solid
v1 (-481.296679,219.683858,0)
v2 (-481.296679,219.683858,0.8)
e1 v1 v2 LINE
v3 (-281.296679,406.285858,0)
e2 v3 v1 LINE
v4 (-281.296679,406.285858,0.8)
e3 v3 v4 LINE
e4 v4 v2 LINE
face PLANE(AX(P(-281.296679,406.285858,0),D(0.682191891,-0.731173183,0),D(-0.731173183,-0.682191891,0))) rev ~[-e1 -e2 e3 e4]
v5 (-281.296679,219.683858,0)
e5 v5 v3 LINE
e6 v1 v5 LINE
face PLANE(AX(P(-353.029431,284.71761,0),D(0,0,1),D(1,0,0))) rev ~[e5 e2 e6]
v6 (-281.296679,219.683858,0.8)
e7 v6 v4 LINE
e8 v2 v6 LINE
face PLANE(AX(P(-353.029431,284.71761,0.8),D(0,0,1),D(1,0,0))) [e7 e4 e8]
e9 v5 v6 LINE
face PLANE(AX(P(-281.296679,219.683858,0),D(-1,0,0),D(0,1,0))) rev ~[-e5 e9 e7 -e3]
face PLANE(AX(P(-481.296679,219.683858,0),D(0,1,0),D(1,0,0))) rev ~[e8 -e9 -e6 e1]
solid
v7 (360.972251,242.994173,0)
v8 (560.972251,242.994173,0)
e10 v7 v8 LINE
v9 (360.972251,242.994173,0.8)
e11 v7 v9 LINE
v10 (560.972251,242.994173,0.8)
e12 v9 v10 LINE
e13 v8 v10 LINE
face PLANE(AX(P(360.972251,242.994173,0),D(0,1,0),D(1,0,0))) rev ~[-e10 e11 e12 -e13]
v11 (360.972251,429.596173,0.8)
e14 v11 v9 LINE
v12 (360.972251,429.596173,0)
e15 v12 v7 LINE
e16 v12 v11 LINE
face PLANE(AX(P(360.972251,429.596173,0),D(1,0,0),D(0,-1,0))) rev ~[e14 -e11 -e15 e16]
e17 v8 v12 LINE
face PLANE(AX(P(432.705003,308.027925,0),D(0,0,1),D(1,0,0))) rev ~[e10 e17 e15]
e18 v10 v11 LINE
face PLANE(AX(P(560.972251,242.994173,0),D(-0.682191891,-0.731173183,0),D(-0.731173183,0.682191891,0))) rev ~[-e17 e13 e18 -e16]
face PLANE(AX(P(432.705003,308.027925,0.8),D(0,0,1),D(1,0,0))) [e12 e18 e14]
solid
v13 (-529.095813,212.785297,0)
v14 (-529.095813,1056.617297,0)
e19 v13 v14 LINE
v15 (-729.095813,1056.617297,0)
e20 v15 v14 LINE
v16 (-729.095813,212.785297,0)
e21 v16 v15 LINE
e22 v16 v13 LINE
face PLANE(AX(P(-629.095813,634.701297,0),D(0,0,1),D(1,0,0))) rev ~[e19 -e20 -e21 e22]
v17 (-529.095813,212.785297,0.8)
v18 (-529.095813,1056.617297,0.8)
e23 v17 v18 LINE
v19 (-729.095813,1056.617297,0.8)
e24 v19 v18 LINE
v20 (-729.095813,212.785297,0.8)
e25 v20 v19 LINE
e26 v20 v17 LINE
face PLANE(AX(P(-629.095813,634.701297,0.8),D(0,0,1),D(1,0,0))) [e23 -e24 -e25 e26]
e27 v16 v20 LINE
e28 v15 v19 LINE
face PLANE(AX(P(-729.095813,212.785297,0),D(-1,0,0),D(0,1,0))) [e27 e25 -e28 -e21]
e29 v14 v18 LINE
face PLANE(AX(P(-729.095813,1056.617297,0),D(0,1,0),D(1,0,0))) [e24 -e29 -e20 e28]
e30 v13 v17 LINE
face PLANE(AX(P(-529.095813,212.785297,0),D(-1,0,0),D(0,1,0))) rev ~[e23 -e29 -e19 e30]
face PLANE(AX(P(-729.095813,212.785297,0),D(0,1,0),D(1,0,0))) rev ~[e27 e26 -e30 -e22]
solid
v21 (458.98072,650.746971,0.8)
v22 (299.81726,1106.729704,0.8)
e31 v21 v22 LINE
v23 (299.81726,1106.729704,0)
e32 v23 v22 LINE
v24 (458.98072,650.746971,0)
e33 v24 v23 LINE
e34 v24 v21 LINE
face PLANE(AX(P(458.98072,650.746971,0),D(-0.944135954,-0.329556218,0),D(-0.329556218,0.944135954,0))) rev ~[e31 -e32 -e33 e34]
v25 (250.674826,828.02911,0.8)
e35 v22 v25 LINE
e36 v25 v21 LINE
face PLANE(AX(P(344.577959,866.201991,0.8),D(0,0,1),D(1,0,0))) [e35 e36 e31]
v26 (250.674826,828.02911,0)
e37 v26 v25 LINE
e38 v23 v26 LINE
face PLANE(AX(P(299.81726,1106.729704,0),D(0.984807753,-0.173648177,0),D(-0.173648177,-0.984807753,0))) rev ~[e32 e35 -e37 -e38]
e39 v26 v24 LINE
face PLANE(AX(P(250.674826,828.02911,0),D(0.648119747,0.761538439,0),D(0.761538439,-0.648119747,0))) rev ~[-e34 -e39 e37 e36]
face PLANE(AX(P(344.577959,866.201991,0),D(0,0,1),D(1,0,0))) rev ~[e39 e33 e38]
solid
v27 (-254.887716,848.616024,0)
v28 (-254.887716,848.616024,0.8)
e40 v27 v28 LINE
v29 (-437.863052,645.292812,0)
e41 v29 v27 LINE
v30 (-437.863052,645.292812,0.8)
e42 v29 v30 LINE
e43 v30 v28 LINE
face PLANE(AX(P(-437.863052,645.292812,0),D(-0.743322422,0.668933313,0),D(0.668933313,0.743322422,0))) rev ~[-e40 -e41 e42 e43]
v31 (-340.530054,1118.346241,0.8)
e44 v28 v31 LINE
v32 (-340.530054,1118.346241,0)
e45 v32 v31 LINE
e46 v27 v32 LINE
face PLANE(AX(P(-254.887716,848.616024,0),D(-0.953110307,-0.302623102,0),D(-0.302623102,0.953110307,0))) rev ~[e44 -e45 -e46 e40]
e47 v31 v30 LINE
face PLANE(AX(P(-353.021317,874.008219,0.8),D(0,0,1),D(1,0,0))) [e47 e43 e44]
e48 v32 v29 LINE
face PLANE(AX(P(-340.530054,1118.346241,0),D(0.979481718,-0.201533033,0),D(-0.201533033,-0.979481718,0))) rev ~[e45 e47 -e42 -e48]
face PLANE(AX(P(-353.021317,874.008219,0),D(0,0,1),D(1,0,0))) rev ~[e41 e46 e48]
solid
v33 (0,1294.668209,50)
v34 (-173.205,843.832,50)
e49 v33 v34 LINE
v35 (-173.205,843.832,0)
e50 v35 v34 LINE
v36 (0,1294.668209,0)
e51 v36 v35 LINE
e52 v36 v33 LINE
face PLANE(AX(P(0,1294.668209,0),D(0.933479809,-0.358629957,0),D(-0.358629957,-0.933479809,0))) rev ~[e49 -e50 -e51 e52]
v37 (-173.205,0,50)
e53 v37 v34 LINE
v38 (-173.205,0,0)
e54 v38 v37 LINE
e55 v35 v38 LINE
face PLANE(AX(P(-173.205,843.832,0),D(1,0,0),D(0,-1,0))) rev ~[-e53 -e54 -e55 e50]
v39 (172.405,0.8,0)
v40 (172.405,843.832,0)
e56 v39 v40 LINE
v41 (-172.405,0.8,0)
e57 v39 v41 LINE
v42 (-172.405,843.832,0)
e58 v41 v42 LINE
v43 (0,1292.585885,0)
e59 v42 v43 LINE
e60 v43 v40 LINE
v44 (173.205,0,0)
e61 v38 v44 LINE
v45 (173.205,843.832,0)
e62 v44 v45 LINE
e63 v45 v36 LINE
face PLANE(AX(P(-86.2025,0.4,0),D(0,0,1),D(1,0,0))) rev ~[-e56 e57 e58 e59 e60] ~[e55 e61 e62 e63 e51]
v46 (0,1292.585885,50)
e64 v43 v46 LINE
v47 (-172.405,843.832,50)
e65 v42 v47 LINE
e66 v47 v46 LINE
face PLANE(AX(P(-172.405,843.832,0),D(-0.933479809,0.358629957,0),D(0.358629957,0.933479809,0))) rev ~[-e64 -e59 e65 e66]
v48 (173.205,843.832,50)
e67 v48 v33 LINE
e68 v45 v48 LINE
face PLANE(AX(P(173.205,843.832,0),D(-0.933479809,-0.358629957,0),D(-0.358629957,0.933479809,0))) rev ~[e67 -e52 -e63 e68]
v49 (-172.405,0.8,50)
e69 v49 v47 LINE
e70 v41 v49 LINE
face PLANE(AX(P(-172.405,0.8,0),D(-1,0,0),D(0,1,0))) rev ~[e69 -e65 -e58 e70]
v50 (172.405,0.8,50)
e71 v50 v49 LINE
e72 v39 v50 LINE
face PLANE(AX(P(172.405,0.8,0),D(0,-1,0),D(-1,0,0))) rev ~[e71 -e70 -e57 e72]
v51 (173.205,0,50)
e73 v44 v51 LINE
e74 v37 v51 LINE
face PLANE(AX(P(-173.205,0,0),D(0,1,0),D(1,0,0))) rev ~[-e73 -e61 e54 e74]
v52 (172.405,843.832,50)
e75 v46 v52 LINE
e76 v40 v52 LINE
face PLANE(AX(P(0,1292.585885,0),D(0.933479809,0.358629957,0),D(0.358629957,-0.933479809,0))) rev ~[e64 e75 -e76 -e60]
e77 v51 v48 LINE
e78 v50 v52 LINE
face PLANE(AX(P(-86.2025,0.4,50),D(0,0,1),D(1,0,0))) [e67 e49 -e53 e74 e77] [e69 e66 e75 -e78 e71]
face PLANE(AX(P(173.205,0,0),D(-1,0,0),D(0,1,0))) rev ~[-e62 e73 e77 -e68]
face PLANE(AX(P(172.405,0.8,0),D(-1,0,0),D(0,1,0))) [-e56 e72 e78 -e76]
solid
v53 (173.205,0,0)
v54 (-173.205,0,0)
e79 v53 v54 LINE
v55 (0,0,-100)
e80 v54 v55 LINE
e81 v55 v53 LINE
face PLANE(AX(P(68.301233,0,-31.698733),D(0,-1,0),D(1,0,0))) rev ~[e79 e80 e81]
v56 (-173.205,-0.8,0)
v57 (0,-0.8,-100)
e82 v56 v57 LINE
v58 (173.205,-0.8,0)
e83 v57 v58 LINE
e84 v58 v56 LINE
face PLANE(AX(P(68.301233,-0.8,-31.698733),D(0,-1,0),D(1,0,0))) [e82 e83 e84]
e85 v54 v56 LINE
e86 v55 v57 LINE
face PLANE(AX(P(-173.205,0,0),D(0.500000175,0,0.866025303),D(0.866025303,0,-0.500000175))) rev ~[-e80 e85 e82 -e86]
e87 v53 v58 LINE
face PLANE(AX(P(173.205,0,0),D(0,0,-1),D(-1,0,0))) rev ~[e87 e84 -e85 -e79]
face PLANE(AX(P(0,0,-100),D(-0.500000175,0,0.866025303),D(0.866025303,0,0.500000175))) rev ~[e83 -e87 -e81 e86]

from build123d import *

# Parameters (mm, degrees)
F0_W      = 0.8
F0_H      = 843.032
F1_DEPTH  = 50
F0_W_2    = 172.405
F0_H_2    = 0.8
F2_DEPTH  = 50
F4_DEPTH  = 0.8
F5_W      = 200
F5_H      = 843.832
F6_DEPTH  = 0.8
F8_DEPTH  = 0.8
F10_DEPTH = 0.8
F12_DEPTH = 0.8
F14_DEPTH = 0.8


with BuildPart() as f1:
    # F0 (on Top) → F1 (new body)
    with BuildSketch(Plane.XY):
        with Locations((-172.805, 422.316)):
            Rectangle(F0_W, F0_H)
    extrude(amount=F1_DEPTH)

    # F0 (on Top) → F2 (join)
    with BuildSketch(Plane.XY):
        with Locations((-86.2025, 0.4)):
            Rectangle(F0_W_2, F0_H_2)
        with Locations((86.2025, 0.4)):
            Rectangle(F0_W_2, F0_H_2)
        with Locations((-172.805, 0.4)):
            Rectangle(F0_W, F0_H_2)
        with Locations((172.805, 0.4)):
            Rectangle(F0_W, F0_H_2)
        with Locations((-172.805, 422.316)):
            Rectangle(F0_W, F0_H)
        with Locations((172.805, 422.316)):
            Rectangle(F0_W, F0_H)
        Polygon((-173.205, 843.832), (-172.405, 843.832), (0, 1292.585885), (172.405, 843.832), (173.205, 843.832), (0, 1294.668209), align=None)
    extrude(amount=F2_DEPTH)


with BuildPart() as f4:
    # F3 (on Front) → F4 (new body)
    with BuildSketch(Plane.XZ):
        Polygon((173.205, 0), (0, 0), (0, -100), align=None)
        Polygon((0, -100), (0, 0), (-173.205, 0), align=None)
    extrude(amount=F4_DEPTH)


with BuildPart() as f6:
    # F5 (on Top) → F6 (new body)
    with BuildSketch(Plane.XY):
        with Locations((-629.095813, 634.701297)):
            Rectangle(F5_W, F5_H)
    extrude(amount=F6_DEPTH)


with BuildPart() as f8:
    # F7 (on Top) → F8 (new body)
    with BuildSketch(Plane.XY):
        Polygon((360.972251, 429.596173), (360.972251, 242.994173), (560.972251, 242.994173), align=None)
    extrude(amount=F8_DEPTH)


with BuildPart() as f10:
    # F9 (on Top) → F10 (new body)
    with BuildSketch(Plane.XY):
        Polygon((-481.296679, 219.683858), (-281.296679, 219.683858), (-281.296679, 406.285858), align=None)
    extrude(amount=F10_DEPTH)


with BuildPart() as f12:
    # F11 (on Top) → F12 (new body)
    with BuildSketch(Plane.XY):
        Polygon((-254.887716, 848.616024), (-340.530054, 1118.346241), (-437.863052, 645.292812), align=None)
    extrude(amount=F12_DEPTH)


with BuildPart() as f14:
    # F13 (on Top) → F14 (new body)
    with BuildSketch(Plane.XY):
        Polygon((458.98072, 650.746971), (299.81726, 1106.729704), (250.674826, 828.02911), align=None)
    extrude(amount=F14_DEPTH)


solid = Compound([f1.part, f4.part, f6.part, f8.part, f10.part, f12.part, f14.part])
